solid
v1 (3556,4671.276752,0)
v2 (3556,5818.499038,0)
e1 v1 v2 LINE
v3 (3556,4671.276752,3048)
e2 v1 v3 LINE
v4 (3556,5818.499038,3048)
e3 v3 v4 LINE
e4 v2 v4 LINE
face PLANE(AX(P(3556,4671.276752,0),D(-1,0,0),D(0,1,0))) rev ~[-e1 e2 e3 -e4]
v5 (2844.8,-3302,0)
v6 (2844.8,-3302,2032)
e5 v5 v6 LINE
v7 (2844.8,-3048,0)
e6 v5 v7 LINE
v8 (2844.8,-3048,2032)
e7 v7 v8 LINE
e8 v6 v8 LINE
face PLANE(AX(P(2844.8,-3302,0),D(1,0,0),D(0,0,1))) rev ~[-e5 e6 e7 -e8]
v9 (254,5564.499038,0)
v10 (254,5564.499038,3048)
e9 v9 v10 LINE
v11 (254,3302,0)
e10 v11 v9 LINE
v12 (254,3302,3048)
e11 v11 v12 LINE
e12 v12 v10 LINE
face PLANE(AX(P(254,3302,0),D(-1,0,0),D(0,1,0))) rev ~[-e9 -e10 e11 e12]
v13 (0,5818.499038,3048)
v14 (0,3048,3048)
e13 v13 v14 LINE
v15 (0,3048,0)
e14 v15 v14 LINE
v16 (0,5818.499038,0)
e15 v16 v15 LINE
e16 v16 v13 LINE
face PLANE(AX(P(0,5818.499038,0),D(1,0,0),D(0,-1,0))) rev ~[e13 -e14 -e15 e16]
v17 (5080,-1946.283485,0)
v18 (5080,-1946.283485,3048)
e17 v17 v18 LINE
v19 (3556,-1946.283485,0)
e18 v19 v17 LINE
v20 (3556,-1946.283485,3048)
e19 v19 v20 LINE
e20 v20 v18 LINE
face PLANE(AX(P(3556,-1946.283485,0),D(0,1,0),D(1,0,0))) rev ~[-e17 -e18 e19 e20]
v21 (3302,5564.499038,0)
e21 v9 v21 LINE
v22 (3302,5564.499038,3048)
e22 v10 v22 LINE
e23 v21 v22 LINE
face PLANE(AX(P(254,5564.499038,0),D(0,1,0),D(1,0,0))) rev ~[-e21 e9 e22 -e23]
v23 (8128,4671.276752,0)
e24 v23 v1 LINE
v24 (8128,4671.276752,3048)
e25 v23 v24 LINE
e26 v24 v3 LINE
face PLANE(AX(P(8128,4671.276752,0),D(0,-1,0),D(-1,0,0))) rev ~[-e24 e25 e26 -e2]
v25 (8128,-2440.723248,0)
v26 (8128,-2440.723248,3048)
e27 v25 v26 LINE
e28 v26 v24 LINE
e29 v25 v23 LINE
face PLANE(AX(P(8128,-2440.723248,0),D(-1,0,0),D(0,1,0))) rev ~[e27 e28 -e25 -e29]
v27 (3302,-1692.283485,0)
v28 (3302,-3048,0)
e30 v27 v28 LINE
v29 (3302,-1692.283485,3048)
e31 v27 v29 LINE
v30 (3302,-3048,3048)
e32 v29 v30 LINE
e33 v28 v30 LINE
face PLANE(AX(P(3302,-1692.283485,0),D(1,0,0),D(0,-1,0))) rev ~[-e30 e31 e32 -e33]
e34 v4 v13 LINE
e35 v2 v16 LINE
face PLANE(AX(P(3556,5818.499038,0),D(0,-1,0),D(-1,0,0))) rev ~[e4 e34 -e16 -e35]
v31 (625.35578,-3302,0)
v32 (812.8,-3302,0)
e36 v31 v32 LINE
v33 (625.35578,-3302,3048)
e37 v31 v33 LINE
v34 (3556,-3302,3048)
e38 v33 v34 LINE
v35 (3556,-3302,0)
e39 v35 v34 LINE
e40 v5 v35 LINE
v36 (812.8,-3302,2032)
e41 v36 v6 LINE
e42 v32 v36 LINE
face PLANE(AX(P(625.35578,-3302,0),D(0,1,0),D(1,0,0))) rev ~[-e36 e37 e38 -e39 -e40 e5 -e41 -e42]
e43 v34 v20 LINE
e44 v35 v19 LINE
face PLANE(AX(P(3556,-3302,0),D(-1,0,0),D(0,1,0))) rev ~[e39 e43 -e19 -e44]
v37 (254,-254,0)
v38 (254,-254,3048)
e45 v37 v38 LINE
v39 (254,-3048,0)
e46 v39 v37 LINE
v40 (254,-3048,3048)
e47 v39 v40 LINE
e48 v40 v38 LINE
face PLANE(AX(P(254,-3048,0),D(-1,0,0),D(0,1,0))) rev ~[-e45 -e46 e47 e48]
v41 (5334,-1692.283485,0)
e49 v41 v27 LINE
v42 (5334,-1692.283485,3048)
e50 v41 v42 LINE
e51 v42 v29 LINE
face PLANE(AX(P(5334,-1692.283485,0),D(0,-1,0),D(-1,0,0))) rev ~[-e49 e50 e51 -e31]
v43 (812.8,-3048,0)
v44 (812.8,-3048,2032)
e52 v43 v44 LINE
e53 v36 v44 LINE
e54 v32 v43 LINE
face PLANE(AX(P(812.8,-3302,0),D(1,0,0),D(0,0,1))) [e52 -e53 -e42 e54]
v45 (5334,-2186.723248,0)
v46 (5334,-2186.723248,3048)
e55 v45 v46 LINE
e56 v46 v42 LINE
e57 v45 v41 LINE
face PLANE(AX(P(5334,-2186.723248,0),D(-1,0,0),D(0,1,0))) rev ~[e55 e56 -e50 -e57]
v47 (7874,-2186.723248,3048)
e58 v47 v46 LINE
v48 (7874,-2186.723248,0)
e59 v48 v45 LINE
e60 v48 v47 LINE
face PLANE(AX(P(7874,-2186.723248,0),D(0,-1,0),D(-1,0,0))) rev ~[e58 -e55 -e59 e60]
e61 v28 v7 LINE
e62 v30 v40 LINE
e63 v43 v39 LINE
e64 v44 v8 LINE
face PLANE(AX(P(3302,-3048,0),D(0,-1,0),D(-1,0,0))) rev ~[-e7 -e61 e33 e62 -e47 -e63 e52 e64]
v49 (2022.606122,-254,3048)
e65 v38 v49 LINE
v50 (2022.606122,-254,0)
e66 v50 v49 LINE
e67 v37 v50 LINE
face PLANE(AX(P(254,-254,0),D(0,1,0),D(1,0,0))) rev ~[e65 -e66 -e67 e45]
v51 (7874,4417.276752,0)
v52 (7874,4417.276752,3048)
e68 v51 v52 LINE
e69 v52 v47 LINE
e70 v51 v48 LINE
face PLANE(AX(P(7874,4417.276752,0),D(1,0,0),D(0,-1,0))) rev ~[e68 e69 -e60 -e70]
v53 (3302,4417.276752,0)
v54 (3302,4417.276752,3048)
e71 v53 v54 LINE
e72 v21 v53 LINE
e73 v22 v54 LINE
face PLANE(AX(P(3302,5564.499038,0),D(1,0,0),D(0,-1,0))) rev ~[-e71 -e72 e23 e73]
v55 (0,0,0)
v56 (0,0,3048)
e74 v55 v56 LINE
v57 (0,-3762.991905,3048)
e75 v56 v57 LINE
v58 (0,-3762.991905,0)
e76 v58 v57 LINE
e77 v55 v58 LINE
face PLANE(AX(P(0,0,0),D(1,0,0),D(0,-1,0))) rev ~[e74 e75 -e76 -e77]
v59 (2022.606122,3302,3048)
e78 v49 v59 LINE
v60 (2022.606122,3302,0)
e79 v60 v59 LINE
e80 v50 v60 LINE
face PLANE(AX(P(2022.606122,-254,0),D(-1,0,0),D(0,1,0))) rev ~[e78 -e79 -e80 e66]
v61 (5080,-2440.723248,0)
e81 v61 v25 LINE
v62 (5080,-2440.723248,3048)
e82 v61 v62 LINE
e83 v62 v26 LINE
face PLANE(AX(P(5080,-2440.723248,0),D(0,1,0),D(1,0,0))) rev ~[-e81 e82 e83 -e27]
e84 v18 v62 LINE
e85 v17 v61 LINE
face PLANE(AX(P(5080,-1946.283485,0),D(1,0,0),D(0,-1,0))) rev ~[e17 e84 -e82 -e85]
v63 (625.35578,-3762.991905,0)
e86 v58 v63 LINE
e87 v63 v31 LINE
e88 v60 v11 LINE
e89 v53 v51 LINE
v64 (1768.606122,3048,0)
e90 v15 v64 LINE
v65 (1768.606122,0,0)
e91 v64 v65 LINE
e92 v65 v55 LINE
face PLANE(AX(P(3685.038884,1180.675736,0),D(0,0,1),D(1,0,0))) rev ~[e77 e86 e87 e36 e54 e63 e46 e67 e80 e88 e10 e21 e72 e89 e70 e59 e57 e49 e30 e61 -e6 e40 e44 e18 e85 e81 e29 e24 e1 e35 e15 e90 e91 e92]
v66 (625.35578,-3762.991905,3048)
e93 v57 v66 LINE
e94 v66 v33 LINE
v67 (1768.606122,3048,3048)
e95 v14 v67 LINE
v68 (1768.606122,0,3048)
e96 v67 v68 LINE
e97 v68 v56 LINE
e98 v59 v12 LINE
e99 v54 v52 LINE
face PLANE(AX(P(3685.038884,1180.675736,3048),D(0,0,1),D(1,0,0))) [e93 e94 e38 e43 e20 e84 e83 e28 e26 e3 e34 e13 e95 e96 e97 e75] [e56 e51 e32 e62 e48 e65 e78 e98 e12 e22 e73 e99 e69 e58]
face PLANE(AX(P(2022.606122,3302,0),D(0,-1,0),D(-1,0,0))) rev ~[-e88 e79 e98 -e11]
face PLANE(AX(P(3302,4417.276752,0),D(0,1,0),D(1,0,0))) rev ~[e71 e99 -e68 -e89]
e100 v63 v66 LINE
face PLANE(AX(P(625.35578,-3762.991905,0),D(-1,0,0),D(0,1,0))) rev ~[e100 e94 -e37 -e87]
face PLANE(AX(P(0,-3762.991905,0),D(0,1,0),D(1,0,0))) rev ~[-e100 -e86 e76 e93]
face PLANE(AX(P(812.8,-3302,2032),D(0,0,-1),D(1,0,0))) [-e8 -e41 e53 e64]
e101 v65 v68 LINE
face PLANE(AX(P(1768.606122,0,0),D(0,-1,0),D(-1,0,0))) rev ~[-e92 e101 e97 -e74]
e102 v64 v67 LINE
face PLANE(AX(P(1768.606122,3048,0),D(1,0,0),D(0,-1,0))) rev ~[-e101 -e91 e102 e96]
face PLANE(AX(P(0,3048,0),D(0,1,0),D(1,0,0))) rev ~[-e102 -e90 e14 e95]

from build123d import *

# Parameters (mm, degrees)
F0_W     = 625.35578
F0_H     = 460.991905
F1_DEPTH = 3048
F2_W     = 2032
F2_H     = 2032
F3_DEPTH = 355.6


with BuildPart() as f1:
    # F0 (on Top) → F1 (new body)
    with BuildSketch(Plane.XY):
        Polygon((1768.606122, 0), (0, 0), (0, -3302), (625.35578, -3302), (3556, -3302), (3556, -1946.283485), (5080, -1946.283485), (5080, -2440.723248), (8128, -2440.723248), (8128, 4671.276752), (3556, 4671.276752), (3556, 5818.499038), (0, 5818.499038), (0, 3048), (1768.606122, 3048), align=None)
        Polygon((3302, 5564.499038), (3302, 4417.276752), (7874, 4417.276752), (7874, -2186.723248), (5334, -2186.723248), (5334, -1692.283485), (3302, -1692.283485), (3302, -3048), (254, -3048), (254, -254), (2022.606122, -254), (2022.606122, 3302), (254, 3302), (254, 5564.499038), align=None, mode=Mode.SUBTRACT)
        with Locations((312.67789, -3532.495952)):
            Rectangle(F0_W, F0_H)
    extrude(amount=F1_DEPTH)

    # F2 (on face) → F3 (cut)
    with BuildSketch(Plane.XZ.offset(3302)):
        with Locations((1828.8, 1016)):
            Rectangle(F2_W, F2_H)
    extrude(amount=-F3_DEPTH, mode=Mode.SUBTRACT)


solid = f1.part
